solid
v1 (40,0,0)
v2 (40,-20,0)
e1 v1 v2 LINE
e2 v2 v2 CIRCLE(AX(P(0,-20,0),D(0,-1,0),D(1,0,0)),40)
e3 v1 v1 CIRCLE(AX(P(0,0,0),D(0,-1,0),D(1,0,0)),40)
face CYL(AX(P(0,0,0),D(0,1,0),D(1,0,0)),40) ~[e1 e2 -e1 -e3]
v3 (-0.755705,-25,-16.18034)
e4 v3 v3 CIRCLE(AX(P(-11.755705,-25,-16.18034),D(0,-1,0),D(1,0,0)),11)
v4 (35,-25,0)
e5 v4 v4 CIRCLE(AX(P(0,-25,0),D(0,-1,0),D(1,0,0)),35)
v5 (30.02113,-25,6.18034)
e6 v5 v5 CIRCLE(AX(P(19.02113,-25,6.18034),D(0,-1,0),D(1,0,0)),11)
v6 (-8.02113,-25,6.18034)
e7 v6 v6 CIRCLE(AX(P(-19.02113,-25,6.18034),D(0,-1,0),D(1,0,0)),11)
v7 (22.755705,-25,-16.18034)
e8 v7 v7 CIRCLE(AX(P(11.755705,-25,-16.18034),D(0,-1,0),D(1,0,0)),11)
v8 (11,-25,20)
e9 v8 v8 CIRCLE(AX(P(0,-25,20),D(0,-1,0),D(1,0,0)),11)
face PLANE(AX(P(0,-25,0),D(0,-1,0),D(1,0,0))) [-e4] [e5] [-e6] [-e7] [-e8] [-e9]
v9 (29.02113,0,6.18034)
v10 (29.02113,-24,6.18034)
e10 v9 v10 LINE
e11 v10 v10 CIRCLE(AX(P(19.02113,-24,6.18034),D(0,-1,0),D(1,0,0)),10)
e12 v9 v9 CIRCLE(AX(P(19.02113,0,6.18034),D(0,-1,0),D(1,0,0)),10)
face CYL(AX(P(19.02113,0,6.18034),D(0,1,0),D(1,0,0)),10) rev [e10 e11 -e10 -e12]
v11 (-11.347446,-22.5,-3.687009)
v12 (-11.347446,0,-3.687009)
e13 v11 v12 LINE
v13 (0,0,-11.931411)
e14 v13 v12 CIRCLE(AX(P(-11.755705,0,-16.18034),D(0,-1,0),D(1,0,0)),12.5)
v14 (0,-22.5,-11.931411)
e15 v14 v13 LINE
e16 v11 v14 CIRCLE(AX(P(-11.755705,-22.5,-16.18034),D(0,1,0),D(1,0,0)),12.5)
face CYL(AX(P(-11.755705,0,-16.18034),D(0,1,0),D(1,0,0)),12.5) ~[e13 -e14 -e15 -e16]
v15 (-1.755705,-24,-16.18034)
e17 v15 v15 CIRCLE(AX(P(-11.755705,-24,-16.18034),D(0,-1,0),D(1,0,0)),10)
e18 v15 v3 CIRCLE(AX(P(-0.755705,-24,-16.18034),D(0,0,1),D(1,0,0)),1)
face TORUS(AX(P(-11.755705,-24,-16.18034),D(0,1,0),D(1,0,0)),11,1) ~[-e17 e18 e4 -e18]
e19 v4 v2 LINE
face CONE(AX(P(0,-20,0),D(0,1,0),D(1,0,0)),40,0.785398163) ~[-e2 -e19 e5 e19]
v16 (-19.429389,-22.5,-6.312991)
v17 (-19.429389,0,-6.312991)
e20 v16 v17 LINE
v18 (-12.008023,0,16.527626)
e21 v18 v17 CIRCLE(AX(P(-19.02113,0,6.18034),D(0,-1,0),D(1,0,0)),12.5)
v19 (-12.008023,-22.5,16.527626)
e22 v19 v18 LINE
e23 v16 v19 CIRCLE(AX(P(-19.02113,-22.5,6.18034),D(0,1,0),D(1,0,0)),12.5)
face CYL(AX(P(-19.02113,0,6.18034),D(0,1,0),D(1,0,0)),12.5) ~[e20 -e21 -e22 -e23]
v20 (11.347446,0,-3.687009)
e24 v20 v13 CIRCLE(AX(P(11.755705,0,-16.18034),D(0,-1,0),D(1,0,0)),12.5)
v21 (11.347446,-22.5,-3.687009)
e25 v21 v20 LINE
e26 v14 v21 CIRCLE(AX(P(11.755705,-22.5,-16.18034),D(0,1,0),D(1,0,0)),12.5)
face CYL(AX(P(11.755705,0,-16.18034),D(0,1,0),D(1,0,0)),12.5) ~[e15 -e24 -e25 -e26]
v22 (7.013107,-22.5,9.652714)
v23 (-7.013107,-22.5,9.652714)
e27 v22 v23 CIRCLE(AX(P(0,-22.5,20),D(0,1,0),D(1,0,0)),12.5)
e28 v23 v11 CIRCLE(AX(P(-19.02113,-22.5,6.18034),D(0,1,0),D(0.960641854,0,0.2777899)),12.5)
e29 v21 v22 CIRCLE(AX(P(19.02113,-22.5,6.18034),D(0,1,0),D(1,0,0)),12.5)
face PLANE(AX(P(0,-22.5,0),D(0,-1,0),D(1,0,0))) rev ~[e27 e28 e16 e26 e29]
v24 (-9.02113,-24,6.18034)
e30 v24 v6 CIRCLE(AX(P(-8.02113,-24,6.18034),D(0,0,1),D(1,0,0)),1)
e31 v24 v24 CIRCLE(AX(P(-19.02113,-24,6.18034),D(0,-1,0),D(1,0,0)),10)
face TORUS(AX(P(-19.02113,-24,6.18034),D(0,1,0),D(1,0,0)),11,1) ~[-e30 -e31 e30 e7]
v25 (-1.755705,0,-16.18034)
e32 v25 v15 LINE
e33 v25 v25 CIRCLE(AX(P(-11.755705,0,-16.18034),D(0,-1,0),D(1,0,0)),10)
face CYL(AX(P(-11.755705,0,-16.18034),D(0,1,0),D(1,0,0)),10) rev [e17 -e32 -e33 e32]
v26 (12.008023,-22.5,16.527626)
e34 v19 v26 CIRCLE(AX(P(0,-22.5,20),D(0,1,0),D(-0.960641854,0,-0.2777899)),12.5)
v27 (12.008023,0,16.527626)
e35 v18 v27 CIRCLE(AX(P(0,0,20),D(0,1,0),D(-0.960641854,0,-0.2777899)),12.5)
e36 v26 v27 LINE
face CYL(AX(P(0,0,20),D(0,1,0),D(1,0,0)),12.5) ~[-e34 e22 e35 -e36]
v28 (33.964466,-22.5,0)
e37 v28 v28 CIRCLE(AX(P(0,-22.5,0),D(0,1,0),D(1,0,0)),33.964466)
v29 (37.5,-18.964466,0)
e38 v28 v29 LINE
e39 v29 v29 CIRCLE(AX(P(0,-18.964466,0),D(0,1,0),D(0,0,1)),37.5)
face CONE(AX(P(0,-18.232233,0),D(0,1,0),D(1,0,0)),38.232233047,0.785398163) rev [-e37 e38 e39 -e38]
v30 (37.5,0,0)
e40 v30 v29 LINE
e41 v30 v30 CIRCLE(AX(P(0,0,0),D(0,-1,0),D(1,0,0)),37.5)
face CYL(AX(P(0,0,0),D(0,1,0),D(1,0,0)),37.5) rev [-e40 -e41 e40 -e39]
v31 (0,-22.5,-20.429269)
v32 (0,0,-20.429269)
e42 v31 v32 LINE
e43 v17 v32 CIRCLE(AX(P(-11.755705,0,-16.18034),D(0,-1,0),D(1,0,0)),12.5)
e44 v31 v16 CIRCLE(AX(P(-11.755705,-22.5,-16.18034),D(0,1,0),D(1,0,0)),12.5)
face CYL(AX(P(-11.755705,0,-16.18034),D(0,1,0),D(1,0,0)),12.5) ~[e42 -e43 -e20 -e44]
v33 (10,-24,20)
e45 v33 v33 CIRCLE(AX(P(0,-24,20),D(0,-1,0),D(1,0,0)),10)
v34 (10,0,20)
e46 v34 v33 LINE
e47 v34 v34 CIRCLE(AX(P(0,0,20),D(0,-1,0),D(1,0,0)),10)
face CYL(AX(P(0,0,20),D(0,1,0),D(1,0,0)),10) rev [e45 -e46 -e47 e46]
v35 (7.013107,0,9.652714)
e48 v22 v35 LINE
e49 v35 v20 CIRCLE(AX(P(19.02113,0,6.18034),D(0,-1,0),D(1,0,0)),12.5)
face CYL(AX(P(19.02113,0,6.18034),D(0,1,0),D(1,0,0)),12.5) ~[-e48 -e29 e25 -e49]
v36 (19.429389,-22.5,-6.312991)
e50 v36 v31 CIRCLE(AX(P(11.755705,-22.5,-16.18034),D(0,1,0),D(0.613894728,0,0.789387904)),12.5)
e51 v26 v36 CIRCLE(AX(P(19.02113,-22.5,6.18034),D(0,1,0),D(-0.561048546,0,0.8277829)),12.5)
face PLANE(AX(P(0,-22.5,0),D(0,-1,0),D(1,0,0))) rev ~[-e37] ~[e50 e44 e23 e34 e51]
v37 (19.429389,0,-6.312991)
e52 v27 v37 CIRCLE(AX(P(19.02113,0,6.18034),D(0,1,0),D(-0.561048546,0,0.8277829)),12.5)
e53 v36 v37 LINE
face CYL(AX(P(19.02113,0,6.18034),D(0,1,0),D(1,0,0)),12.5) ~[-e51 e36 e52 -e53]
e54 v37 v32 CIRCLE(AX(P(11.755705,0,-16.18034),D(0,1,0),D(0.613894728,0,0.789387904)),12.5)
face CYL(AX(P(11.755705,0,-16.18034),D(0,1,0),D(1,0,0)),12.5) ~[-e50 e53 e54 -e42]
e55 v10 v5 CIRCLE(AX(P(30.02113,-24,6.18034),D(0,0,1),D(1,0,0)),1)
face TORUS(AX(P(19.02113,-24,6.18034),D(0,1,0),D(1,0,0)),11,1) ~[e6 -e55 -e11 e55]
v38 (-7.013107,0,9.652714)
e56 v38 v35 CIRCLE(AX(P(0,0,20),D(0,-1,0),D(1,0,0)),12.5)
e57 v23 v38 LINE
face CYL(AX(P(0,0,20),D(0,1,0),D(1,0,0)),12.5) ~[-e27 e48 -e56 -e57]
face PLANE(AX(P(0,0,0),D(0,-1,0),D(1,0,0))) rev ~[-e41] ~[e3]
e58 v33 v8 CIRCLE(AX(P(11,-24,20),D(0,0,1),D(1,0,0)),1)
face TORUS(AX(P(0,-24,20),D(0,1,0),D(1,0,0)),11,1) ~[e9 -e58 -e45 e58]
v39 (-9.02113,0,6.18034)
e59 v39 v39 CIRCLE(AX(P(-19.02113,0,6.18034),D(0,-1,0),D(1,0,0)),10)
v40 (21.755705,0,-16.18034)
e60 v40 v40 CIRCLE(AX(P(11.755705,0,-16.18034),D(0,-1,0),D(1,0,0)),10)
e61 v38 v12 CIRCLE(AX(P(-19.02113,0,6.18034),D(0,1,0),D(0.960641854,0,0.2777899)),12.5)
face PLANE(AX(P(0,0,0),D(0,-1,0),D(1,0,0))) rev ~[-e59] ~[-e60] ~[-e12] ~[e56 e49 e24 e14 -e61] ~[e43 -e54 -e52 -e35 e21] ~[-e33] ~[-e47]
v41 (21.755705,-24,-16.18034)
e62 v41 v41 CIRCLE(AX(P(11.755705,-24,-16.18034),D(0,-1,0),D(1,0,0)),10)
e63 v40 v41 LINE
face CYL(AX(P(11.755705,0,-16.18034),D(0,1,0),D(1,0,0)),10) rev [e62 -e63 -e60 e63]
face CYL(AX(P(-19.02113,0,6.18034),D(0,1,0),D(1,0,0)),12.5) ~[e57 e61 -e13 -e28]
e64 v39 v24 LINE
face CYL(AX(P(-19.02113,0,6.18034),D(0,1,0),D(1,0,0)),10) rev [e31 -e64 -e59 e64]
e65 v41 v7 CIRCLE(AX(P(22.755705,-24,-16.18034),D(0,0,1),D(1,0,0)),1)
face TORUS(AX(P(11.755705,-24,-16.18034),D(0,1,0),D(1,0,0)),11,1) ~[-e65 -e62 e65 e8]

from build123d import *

# Parameters (mm, degrees)
F0_R     = 40
F0_R_2   = 10
F1_DEPTH = 25
F2_R     = 1
F3_SIZE  = 5
F4_T     = -2.5


with BuildPart() as f1:
    # F0 (on Front) → F1 (new body)
    with BuildSketch(Plane.XZ):
        Circle(F0_R)
        with Locations((-11.755705, -16.18034)):
            Circle(F0_R_2, mode=Mode.SUBTRACT)
        with Locations((11.755705, -16.18034)):
            Circle(F0_R_2, mode=Mode.SUBTRACT)
        with Locations((-19.02113, 6.18034)):
            Circle(F0_R_2, mode=Mode.SUBTRACT)
        with Locations((19.02113, 6.18034)):
            Circle(F0_R_2, mode=Mode.SUBTRACT)
        with Locations((0, 20)):
            Circle(F0_R_2, mode=Mode.SUBTRACT)
    extrude(amount=F1_DEPTH)

    # F2
    f2_edges = [f1.edges().sort_by_distance(p)[0] for p in [
        (-10, -25, 20),
        (-29.02113, -25, 6.18034),
        (-21.755705, -25, -16.18034),
        (1.755705, -25, -16.18034),
        (9.02113, -25, 6.18034),
    ]]
    fillet(f2_edges, radius=F2_R)

    # F3
    f3_edges = [f1.edges().sort_by_distance(p)[0] for p in [
        (-40, -25, 0),
    ]]
    chamfer(f3_edges, length=F3_SIZE)

    # F4
    f4_openings = [f1.faces().sort_by_distance(p)[0] for p in [
        (0, 0, 0),
    ]]
    offset(amount=F4_T, openings=f4_openings)


solid = f1.part
